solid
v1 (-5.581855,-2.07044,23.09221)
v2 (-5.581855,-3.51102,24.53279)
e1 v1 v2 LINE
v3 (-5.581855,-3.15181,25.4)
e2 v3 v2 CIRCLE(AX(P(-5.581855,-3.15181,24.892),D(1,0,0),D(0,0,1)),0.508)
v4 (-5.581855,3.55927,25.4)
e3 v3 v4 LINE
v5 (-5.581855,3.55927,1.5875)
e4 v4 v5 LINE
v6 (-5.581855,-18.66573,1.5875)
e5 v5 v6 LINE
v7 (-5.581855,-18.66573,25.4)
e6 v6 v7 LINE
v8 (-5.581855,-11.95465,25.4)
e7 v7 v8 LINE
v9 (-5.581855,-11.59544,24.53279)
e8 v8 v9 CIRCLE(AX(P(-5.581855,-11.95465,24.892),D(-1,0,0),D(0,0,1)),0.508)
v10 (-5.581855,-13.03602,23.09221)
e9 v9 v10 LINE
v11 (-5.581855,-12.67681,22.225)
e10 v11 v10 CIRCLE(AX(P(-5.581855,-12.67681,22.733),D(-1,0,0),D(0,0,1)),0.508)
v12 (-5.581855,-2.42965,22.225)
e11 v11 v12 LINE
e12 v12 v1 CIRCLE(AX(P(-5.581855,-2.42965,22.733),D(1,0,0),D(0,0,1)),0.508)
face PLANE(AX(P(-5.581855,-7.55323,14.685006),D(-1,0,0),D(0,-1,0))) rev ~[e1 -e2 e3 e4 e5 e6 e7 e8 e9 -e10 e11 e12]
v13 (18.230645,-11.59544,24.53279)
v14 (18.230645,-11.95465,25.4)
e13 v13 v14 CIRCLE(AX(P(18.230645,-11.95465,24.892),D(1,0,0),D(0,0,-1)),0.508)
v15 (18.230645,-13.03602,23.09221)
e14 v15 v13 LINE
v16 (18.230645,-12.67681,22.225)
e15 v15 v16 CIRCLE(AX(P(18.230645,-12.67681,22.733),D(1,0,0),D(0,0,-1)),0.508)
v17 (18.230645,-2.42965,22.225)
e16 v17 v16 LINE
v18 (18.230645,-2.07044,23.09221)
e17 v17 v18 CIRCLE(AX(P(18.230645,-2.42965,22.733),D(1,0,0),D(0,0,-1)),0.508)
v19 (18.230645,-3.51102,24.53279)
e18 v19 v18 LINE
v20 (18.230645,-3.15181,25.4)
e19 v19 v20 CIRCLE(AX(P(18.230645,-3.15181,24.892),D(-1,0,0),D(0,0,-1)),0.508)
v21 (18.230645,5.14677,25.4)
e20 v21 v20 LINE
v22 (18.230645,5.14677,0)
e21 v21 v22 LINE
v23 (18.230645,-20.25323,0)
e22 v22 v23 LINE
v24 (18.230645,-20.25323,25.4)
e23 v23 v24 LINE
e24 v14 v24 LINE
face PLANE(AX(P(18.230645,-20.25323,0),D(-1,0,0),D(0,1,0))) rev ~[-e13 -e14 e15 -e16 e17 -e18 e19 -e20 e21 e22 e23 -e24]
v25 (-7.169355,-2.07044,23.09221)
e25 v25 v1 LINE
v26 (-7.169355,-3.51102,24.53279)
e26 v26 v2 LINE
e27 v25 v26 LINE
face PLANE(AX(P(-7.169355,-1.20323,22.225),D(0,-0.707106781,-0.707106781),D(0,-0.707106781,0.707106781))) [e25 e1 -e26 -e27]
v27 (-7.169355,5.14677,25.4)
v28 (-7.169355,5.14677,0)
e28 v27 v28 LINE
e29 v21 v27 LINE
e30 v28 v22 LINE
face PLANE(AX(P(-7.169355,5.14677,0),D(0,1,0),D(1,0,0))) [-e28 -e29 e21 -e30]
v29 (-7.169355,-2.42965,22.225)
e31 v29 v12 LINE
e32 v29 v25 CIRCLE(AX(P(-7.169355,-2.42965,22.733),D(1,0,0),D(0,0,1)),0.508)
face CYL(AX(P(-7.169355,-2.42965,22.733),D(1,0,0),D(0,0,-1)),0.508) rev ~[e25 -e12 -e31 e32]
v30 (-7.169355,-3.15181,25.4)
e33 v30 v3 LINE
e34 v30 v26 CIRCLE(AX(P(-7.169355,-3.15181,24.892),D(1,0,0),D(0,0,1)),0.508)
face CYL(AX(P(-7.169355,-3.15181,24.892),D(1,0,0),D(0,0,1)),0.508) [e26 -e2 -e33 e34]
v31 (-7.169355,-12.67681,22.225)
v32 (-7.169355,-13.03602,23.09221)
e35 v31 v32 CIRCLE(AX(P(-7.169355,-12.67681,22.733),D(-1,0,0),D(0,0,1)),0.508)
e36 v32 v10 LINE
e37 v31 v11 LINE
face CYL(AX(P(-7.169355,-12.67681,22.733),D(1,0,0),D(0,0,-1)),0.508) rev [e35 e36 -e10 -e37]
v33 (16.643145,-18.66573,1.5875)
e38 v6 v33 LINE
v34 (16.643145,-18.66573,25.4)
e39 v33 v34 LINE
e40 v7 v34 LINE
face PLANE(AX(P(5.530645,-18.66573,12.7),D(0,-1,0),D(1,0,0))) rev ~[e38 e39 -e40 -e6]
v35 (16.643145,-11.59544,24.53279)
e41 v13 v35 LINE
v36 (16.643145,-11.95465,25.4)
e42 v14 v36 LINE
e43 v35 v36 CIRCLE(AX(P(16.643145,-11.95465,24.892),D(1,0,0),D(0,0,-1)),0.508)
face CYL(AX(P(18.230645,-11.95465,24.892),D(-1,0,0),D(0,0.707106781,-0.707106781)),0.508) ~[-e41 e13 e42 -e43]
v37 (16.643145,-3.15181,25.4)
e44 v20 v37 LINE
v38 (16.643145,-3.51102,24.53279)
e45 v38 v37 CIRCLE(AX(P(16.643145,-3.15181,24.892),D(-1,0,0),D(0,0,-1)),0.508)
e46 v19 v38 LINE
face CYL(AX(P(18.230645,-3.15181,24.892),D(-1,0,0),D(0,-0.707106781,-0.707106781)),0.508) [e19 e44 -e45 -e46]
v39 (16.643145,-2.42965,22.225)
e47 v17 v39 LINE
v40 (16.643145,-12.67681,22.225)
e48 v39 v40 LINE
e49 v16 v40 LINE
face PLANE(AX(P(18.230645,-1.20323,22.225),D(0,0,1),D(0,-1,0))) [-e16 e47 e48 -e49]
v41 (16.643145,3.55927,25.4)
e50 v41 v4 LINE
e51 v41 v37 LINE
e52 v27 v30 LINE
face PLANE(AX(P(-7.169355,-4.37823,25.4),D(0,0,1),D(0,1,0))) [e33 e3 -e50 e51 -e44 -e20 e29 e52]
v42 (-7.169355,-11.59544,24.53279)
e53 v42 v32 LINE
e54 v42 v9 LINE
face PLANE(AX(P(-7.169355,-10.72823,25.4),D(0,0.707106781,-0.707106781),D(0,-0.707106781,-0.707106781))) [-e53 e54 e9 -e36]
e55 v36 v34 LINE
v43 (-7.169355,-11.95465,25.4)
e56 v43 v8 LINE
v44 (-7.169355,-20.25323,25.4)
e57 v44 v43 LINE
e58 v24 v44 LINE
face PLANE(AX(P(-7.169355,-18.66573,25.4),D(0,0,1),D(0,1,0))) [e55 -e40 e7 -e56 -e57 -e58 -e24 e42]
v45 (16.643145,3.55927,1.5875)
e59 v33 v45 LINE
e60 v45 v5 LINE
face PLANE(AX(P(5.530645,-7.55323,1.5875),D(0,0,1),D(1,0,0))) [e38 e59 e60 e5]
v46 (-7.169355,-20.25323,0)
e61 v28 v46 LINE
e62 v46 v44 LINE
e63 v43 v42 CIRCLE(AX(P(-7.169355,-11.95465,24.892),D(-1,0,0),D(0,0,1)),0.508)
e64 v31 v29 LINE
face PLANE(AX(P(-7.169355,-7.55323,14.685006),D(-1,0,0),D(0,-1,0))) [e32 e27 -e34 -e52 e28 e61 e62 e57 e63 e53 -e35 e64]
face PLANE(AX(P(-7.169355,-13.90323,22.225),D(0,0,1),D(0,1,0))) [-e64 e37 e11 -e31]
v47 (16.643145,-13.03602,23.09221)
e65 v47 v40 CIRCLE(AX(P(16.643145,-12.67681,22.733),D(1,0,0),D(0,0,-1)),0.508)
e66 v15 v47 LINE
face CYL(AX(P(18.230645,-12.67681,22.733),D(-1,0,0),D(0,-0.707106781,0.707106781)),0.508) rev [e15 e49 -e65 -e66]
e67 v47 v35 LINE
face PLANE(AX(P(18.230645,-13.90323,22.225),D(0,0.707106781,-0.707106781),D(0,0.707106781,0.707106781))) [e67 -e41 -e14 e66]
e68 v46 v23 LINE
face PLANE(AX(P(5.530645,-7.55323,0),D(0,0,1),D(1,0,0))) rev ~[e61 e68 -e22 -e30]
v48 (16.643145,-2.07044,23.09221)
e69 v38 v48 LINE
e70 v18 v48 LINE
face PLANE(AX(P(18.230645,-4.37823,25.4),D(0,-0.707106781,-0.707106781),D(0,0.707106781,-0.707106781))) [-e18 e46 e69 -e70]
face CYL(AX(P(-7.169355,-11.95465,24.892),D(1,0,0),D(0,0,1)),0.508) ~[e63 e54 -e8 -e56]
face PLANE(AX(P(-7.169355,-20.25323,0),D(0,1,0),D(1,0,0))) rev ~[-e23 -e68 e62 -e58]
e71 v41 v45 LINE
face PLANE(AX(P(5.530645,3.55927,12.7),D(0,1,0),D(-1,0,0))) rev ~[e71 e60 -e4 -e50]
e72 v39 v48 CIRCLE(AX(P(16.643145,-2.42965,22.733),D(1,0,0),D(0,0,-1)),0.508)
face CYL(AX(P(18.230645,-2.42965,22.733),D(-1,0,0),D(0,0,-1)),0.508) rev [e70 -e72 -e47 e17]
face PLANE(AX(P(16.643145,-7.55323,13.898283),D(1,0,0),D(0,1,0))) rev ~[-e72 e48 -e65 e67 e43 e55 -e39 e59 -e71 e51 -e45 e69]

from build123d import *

# Parameters (mm, degrees)
F0_W      = 25.4
F0_H      = 25.4
F1_DEPTH  = 1.5875
F2_W      = 25.4
F2_H      = 25.4
F3_DEPTH  = 1.5875
F4_W      = 25.4
F4_H      = 25.4
F5_DEPTH  = 1.5875
F7_DEPTH  = 1.5875
F9_DEPTH  = 1.5875
F10_DEPTH = 1.5875
F11_R     = 0.508
F12_R     = 0.508
F13_R     = 0.508
F14_R     = 0.508
F15_R     = 0.508
F16_R     = 0.508
F17_R     = 0.508


with BuildPart() as f1:
    # F0 (on Top) → F1 (new body)
    with BuildSketch(Plane.XY):
        with Locations((5.530645, -7.55323)):
            Rectangle(F0_W, F0_H)
    extrude(amount=F1_DEPTH)

    # F2 (on face) → F3 (join)
    with BuildSketch(Plane.XZ.offset(20.25323)):
        with Locations((5.530645, 12.7)):
            Rectangle(F2_W, F2_H)
    extrude(amount=-F3_DEPTH)

    # F4 (on face) → F5 (join)
    with BuildSketch(Plane(origin=(0, 5.14677, 0), x_dir=(-1, 0, 0), z_dir=(0, 1, 0))):
        with Locations((-5.530645, 12.7)):
            Rectangle(F4_W, F4_H)
    extrude(amount=-F5_DEPTH)

    # F6 (on face) → F7 (join)
    with BuildSketch(Plane.YZ.offset(18.230645)):
        Polygon((-20.25323, 25.4), (-20.25323, 0), (5.14677, 0), (5.14677, 25.4), (-4.37823, 25.4), (-1.20323, 22.225), (-13.90323, 22.225), (-10.72823, 25.4), align=None)
    extrude(amount=-F7_DEPTH)

    # F6 (on face) → F9 (join)
    with BuildSketch(Plane.YZ.offset(18.230645)):
        Polygon((-20.25323, 25.4), (-20.25323, 0), (5.14677, 0), (5.14677, 25.4), (-4.37823, 25.4), (-1.20323, 22.225), (-13.90323, 22.225), (-10.72823, 25.4), align=None)
    extrude(amount=-F9_DEPTH)

    # F8 (on face) → F10 (join)
    with BuildSketch(Plane(origin=(-7.169355, 0, 0), x_dir=(0, -1, 0), z_dir=(-1, 0, 0))):
        Polygon((4.37823, 25.4), (-3.55927, 25.4), (-3.55927, 1.5875), (18.66573, 1.5875), (18.66573, 25.4), (10.72823, 25.4), (13.90323, 22.225), (1.20323, 22.225), align=None)
    extrude(amount=-F10_DEPTH)

    # F11
    f11_edges = [f1.edges().sort_by_distance(p)[0] for p in [
        (-6.375605, -1.20323, 22.225),
    ]]
    fillet(f11_edges, radius=F11_R)

    # F12
    f12_edges = [f1.edges().sort_by_distance(p)[0] for p in [
        (-6.375605, -13.90323, 22.225),
    ]]
    fillet(f12_edges, radius=F12_R)

    # F13
    f13_edges = [f1.edges().sort_by_distance(p)[0] for p in [
        (17.436895, -13.90323, 22.225),
    ]]
    fillet(f13_edges, radius=F13_R)

    # F14
    f14_edges = [f1.edges().sort_by_distance(p)[0] for p in [
        (17.436895, -1.20323, 22.225),
    ]]
    fillet(f14_edges, radius=F14_R)

    # F15
    f15_edges = [f1.edges().sort_by_distance(p)[0] for p in [
        (17.436895, -4.37823, 25.4),
    ]]
    fillet(f15_edges, radius=F15_R)

    # F16
    f16_edges = [f1.edges().sort_by_distance(p)[0] for p in [
        (17.436895, -10.72823, 25.4),
    ]]
    fillet(f16_edges, radius=F16_R)

    # F17
    f17_edges = [f1.edges().sort_by_distance(p)[0] for p in [
        (-6.375605, -4.37823, 25.4),
        (-6.375605, -10.72823, 25.4),
    ]]
    fillet(f17_edges, radius=F17_R)


solid = f1.part
